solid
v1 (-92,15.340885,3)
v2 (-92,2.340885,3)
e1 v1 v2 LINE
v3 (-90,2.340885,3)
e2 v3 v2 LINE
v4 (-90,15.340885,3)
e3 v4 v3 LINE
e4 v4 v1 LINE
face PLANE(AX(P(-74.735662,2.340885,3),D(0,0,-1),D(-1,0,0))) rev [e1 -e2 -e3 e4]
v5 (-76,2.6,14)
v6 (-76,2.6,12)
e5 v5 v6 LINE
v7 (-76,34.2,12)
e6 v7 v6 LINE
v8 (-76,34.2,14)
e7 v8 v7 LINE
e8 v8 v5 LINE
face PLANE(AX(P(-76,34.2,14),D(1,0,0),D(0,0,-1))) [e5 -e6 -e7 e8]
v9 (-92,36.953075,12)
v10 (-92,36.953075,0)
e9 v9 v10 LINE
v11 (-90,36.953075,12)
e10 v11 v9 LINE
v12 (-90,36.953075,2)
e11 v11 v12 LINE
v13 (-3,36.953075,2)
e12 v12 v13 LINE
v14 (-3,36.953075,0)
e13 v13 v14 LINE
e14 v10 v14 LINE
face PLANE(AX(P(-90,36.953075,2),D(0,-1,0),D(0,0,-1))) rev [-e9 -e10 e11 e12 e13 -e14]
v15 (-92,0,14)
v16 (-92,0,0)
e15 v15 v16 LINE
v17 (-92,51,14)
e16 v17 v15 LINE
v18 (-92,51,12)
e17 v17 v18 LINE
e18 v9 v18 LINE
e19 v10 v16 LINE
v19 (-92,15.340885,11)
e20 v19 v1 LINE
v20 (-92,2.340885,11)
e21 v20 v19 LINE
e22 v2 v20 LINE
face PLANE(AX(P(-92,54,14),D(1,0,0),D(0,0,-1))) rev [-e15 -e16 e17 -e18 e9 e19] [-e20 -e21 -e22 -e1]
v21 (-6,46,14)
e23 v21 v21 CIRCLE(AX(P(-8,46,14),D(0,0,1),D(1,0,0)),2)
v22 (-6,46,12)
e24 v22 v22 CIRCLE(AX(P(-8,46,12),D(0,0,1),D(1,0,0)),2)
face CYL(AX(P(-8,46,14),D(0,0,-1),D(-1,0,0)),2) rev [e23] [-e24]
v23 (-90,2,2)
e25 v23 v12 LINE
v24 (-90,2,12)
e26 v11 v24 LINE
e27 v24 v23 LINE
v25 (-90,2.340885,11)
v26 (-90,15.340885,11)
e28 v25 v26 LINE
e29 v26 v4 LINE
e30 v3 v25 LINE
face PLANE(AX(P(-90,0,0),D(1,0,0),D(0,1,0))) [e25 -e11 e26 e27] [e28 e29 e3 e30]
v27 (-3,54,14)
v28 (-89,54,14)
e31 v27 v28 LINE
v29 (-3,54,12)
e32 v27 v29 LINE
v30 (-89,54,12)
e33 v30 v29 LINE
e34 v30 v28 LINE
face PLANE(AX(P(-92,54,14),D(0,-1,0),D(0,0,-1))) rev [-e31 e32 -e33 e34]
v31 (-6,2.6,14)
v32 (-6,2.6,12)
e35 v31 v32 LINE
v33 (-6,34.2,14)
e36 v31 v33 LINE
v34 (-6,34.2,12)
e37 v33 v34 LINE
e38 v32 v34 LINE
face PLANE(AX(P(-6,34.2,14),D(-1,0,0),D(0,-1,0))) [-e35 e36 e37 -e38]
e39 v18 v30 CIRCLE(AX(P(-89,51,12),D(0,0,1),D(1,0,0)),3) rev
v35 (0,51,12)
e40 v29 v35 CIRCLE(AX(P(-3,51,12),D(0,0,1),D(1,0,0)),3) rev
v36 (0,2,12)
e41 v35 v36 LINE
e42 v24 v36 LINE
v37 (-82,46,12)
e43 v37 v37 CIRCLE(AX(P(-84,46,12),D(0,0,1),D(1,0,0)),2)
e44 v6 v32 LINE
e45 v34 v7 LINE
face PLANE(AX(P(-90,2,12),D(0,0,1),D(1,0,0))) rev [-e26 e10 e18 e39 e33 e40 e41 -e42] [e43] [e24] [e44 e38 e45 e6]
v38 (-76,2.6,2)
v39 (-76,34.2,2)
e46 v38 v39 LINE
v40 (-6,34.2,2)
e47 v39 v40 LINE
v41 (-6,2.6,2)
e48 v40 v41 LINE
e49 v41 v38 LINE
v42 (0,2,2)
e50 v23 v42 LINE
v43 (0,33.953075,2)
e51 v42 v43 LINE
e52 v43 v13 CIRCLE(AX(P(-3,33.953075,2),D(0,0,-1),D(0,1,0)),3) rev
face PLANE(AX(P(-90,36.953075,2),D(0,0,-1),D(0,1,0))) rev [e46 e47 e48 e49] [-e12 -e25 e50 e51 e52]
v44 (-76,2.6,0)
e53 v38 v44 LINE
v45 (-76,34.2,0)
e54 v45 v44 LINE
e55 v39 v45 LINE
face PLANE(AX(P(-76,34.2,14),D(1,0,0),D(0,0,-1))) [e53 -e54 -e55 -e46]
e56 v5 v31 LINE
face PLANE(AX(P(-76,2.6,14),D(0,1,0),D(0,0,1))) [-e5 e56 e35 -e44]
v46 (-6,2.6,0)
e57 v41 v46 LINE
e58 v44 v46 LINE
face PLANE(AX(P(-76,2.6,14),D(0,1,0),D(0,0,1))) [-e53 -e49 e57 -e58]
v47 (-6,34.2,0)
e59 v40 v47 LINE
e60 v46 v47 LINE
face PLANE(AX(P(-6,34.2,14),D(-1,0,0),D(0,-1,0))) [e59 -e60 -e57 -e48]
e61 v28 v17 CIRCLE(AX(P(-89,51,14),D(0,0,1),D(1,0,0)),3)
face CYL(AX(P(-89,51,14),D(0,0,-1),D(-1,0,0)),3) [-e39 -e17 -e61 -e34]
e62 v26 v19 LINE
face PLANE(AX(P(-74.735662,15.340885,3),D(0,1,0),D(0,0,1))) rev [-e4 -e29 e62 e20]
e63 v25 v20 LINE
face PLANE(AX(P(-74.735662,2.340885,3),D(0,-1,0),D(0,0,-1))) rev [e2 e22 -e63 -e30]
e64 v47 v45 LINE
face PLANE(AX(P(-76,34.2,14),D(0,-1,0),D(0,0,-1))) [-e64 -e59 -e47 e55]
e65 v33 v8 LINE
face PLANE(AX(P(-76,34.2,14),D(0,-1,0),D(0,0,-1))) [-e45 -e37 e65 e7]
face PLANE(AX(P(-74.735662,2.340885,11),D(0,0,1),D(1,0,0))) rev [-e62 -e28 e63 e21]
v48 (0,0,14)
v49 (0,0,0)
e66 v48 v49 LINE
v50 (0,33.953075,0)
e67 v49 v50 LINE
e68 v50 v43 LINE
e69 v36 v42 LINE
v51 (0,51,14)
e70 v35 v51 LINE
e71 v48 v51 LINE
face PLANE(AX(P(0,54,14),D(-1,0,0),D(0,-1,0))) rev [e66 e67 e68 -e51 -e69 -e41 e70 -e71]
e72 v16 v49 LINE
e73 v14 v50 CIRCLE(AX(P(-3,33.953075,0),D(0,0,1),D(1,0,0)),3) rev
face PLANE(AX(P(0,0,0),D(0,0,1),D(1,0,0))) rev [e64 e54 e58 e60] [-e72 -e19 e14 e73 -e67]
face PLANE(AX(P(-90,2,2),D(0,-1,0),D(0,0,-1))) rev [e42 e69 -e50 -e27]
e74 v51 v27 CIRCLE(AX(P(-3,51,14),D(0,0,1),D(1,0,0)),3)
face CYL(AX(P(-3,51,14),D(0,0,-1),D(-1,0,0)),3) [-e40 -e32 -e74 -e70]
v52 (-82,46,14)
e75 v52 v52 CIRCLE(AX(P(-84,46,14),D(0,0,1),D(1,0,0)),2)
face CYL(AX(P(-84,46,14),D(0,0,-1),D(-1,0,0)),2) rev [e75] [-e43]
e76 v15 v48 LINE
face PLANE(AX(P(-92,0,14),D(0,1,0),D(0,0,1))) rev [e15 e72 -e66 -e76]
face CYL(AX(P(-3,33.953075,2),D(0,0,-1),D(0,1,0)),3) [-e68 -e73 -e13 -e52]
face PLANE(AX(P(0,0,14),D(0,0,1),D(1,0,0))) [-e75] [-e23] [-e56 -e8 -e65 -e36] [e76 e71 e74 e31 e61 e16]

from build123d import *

# Parameters (mm, degrees)
CROQUIS1_W              = 92
CROQUIS1_H              = 54
CROQUIS1_R              = 2
CROQUIS1_W_2            = 70
CROQUIS1_H_2            = 31.6
SALIENTE_EXTRUIR1_DEPTH = 14
CORTAR_EXTRUIR1_DEPTH   = 90
CROQUIS3_W              = 2
CROQUIS3_H              = 17.046925302
CORTAR_EXTRUIR2_DEPTH   = 12
CROQUIS4_W              = 8
CROQUIS4_H              = 13
CORTAR_EXTRUIR3_DEPTH   = 2
REDONDEO1_R             = 3
REDONDEO2_R             = 3
REDONDEO3_R             = 3


with BuildPart() as part:
    # Croquis1 → Saliente-Extruir1 (new body)
    with BuildSketch(Plane.XY):
        with Locations((-46, 27)):
            Rectangle(CROQUIS1_W, CROQUIS1_H)
        with Locations((-84, 46)):
            Circle(CROQUIS1_R, mode=Mode.SUBTRACT)
        with Locations((-8, 46)):
            Circle(CROQUIS1_R, mode=Mode.SUBTRACT)
        with Locations((-41, 18.4)):
            Rectangle(CROQUIS1_W_2, CROQUIS1_H_2, mode=Mode.SUBTRACT)
    extrude(amount=SALIENTE_EXTRUIR1_DEPTH)

    # Croquis2 → Cortar-Extruir1 (cut)
    with BuildSketch(Plane(origin=(0, 0, 0), x_dir=(0, 0, -1), z_dir=(1, 0, 0))):
        Polygon((-2, 36.953074698), (-2, 2), (-12, 2), (-12, 36.953074698), (-12, 54), (-2, 54), (0, 54), (0, 36.953074698), align=None)
    extrude(amount=-CORTAR_EXTRUIR1_DEPTH, mode=Mode.SUBTRACT)

    # Croquis3 → Cortar-Extruir2 (cut)
    with BuildSketch(Plane(origin=(0, 0, 0), x_dir=(-1, 0, 0), z_dir=(0, 0, -1))):
        with Locations((91, 45.476537349)):
            Rectangle(CROQUIS3_W, CROQUIS3_H)
    extrude(amount=-CORTAR_EXTRUIR2_DEPTH, mode=Mode.SUBTRACT)

    # Croquis4 → Cortar-Extruir3 (cut)
    with BuildSketch(Plane.ZY.offset(92)):
        with Locations((7, 8.840884816)):
            Rectangle(CROQUIS4_W, CROQUIS4_H)
    extrude(amount=-CORTAR_EXTRUIR3_DEPTH, mode=Mode.SUBTRACT)

    # Redondeo1
    redondeo1_edges = [part.edges().sort_by_distance(p)[0] for p in [
        (-92, 54, 13),
    ]]
    fillet(redondeo1_edges, radius=REDONDEO1_R)

    # Redondeo2
    redondeo2_edges = [part.edges().sort_by_distance(p)[0] for p in [
        (0, 54, 13),
    ]]
    fillet(redondeo2_edges, radius=REDONDEO2_R)

    # Redondeo3
    redondeo3_edges = [part.edges().sort_by_distance(p)[0] for p in [
        (0, 36.953074698, 1),
    ]]
    fillet(redondeo3_edges, radius=REDONDEO3_R)


solid = part.part
